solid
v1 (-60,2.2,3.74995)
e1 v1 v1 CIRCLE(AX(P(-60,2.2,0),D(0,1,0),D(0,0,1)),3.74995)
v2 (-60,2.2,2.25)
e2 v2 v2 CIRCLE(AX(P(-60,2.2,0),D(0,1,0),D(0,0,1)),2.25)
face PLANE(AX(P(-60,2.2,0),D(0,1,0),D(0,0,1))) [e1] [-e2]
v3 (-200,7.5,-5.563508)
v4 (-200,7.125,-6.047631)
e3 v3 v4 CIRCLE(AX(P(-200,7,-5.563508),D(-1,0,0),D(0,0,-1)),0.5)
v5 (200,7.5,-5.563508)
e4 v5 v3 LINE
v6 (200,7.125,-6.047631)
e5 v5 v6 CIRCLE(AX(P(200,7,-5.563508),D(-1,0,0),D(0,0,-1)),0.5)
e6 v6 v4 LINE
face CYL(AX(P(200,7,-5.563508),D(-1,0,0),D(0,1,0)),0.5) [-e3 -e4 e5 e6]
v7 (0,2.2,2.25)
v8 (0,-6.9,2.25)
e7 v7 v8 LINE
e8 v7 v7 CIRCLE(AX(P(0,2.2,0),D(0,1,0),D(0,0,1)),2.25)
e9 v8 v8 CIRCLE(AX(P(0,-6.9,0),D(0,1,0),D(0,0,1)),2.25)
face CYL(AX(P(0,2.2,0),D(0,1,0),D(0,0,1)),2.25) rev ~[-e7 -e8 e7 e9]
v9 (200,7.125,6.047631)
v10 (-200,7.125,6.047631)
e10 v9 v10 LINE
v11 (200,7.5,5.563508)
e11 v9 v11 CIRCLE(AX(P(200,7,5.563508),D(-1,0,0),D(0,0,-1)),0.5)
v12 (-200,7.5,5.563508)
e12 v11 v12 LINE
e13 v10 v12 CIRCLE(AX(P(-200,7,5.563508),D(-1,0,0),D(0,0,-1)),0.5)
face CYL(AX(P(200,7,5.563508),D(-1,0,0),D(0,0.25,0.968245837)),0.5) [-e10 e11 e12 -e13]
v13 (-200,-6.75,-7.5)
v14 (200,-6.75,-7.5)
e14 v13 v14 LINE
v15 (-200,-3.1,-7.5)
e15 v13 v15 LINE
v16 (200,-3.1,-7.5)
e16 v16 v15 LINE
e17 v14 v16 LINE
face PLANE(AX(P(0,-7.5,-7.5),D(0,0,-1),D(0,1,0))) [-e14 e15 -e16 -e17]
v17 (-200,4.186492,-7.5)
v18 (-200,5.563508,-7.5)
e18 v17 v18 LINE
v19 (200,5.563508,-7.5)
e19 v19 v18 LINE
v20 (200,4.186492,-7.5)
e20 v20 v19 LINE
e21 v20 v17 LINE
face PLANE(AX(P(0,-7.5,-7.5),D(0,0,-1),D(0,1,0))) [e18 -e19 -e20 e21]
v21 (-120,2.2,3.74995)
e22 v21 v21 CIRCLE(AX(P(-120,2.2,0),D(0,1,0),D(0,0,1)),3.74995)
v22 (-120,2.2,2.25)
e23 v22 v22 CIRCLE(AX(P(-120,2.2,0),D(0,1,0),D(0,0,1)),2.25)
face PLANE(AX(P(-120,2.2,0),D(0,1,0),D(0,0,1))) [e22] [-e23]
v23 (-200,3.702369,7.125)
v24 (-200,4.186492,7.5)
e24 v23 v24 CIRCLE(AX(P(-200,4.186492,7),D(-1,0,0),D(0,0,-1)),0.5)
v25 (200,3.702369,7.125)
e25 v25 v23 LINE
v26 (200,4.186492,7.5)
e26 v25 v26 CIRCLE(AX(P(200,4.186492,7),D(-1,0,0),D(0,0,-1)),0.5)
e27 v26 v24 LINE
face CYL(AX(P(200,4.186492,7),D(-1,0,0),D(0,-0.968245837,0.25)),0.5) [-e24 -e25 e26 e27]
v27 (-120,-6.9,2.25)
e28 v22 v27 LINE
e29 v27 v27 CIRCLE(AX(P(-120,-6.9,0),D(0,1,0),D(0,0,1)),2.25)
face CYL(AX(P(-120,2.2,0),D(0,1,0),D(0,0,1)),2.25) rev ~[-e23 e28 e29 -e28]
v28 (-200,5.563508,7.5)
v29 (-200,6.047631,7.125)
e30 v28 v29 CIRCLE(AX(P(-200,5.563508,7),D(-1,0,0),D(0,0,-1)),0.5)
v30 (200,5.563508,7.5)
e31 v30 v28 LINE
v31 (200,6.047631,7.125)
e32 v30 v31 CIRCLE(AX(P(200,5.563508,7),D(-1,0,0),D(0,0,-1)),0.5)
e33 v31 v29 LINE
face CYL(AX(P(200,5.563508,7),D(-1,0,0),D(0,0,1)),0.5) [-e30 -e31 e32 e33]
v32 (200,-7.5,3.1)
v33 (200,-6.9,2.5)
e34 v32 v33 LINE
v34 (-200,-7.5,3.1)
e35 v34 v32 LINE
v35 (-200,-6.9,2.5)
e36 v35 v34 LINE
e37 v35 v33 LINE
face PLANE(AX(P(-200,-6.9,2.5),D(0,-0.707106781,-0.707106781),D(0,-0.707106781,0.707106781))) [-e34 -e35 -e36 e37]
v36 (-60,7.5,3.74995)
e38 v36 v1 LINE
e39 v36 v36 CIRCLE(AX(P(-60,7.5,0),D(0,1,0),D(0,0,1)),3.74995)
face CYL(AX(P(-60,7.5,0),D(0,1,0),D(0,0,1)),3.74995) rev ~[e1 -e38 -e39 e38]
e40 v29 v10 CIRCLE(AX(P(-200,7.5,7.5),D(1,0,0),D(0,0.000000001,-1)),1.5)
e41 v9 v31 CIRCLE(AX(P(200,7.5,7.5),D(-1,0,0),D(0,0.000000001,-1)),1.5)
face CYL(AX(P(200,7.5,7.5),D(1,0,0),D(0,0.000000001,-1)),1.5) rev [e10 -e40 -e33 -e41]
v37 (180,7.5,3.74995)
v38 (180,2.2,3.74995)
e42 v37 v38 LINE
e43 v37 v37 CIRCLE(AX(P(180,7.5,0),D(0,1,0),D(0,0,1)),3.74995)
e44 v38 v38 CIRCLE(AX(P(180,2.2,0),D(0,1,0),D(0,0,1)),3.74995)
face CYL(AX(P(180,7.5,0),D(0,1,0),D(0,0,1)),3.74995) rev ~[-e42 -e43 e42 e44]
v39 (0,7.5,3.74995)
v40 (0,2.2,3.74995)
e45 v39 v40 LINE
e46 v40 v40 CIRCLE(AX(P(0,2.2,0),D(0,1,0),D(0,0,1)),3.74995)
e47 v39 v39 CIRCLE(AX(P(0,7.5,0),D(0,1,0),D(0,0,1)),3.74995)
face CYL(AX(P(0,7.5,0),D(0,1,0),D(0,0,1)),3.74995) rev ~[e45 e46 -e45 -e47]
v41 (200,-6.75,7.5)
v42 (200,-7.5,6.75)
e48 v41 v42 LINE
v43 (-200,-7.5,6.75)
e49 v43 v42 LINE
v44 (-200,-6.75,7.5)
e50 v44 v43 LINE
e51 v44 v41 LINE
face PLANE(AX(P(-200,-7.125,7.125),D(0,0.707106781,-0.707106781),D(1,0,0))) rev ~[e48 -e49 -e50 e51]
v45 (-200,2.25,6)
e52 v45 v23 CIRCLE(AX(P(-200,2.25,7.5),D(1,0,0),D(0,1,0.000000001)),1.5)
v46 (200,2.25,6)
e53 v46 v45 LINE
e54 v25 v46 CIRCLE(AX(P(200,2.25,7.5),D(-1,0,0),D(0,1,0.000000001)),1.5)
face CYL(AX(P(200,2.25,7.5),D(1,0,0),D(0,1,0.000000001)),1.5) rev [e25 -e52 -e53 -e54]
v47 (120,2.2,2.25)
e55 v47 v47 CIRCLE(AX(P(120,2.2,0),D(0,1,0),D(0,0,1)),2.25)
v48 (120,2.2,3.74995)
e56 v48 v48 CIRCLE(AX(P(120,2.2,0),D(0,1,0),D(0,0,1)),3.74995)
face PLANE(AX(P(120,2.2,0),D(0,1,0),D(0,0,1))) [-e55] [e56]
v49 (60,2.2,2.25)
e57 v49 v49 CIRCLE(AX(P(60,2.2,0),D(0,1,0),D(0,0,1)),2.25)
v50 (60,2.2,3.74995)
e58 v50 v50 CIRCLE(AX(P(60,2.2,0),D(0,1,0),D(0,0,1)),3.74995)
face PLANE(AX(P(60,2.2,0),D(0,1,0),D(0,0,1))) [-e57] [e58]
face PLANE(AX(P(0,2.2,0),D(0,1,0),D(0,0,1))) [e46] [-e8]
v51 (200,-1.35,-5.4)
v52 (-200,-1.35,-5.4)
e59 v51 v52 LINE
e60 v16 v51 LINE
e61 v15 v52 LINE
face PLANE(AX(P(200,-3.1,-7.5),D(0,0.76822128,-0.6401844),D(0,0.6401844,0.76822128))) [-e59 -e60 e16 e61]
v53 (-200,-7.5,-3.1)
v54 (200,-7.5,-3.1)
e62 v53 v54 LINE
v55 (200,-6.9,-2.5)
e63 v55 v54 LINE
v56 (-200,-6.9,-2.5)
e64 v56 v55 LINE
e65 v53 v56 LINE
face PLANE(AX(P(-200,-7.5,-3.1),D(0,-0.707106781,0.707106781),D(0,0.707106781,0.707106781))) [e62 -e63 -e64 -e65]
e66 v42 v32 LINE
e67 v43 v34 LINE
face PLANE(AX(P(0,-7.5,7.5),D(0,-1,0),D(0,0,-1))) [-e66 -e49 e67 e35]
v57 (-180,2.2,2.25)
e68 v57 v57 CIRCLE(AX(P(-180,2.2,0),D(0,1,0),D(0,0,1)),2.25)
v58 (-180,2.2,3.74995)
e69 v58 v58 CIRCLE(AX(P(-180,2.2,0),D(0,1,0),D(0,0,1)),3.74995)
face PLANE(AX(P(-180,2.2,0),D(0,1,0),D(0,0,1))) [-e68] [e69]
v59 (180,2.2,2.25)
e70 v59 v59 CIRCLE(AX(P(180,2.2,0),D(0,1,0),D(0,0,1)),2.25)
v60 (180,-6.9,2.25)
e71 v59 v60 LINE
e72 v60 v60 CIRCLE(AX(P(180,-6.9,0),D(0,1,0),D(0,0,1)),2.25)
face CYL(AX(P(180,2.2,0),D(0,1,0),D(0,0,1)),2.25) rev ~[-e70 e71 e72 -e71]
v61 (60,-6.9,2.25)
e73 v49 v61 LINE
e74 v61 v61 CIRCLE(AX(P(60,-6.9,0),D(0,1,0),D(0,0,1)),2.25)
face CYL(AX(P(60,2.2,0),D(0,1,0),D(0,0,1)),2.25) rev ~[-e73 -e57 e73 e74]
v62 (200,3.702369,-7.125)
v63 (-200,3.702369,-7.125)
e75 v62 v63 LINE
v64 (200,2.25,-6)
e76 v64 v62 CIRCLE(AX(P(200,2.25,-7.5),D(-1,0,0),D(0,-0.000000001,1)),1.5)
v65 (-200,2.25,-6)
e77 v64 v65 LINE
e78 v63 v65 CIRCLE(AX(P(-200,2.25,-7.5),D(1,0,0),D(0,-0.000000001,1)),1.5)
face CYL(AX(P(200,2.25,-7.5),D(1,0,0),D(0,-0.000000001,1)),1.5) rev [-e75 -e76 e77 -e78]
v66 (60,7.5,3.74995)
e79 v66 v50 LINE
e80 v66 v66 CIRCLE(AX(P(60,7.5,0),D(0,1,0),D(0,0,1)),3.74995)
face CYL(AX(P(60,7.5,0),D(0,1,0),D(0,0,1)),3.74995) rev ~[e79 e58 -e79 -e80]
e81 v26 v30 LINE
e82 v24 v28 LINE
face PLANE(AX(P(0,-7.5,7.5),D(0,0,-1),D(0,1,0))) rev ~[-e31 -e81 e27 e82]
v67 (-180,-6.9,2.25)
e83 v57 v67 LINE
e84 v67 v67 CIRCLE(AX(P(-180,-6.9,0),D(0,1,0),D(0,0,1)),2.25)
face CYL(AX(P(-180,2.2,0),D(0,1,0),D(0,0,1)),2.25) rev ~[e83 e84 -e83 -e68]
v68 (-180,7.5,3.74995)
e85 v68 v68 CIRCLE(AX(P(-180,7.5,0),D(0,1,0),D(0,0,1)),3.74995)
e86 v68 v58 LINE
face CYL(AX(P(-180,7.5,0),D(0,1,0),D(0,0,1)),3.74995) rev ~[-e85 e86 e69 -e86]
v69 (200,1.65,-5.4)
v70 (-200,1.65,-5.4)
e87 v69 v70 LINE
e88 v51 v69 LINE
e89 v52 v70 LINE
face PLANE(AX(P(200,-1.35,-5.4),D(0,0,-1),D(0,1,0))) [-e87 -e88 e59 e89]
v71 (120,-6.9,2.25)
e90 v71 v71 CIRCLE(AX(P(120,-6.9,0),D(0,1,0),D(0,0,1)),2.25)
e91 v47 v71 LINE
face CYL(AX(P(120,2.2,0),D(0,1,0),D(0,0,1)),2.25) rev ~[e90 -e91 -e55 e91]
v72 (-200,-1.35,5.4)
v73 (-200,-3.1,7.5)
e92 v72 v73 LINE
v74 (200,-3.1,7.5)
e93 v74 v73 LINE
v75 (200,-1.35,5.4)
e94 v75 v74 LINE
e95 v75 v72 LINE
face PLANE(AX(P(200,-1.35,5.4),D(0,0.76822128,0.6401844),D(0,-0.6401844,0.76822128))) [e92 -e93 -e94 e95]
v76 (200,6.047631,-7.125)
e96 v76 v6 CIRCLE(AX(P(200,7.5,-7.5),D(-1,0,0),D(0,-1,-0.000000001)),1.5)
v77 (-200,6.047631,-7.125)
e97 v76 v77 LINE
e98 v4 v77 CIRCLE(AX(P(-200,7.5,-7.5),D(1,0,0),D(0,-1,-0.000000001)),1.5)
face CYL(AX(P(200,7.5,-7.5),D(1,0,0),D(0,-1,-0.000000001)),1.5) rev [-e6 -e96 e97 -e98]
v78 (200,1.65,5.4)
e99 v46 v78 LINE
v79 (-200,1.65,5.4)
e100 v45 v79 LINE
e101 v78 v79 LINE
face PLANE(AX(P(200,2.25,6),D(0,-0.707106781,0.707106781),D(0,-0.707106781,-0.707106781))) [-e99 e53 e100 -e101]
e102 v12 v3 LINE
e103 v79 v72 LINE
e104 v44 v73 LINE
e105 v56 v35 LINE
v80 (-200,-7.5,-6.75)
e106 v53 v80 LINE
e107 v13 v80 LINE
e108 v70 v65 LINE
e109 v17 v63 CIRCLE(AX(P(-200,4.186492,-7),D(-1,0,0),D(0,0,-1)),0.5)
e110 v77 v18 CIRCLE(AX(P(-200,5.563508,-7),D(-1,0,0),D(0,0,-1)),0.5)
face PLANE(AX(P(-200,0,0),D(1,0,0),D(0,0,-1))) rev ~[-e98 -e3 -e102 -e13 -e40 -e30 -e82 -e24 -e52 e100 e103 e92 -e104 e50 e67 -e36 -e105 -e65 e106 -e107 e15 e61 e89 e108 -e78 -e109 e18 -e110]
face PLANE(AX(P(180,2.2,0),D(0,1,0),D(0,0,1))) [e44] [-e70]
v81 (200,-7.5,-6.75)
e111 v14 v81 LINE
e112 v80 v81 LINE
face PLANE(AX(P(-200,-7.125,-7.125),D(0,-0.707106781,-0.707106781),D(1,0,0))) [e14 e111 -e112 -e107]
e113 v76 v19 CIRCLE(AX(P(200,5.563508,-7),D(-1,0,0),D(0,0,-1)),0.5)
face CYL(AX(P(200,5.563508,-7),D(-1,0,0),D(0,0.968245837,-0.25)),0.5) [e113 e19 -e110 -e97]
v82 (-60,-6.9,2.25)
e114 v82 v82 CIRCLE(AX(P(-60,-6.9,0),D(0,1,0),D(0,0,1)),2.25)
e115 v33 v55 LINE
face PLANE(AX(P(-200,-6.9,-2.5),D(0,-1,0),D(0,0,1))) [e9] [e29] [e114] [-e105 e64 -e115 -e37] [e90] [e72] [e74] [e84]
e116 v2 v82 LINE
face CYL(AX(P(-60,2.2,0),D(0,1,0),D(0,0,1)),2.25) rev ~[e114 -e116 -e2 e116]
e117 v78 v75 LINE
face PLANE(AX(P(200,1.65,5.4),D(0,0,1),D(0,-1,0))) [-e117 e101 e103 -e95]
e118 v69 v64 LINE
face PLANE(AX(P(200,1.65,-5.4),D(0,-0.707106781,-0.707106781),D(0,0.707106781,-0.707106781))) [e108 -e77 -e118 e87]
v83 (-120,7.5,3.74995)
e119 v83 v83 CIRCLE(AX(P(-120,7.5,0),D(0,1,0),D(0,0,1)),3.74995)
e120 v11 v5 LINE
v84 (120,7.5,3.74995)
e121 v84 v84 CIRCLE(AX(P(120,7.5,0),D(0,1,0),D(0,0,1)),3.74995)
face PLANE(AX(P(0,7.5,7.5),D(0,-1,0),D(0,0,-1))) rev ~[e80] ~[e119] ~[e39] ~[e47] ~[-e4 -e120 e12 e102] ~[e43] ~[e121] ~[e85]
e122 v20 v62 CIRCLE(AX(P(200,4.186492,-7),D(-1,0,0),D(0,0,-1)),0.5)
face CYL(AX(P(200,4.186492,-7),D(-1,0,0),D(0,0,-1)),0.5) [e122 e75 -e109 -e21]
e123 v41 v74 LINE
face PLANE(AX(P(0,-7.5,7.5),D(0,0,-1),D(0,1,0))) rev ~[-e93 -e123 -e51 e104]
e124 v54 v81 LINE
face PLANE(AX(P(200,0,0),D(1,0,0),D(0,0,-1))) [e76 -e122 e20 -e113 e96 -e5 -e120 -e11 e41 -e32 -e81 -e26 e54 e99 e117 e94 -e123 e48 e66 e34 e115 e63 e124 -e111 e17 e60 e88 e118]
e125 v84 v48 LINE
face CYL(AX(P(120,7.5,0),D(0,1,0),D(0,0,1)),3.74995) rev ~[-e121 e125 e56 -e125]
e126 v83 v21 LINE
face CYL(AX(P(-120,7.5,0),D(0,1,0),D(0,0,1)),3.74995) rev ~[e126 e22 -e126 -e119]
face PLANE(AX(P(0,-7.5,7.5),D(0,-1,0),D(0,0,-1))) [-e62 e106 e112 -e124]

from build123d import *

# Parameters (mm, degrees)
SKETCH_1_W             = 15
SKETCH_1_H             = 15
EXTRUDE_1_DEPTH        = 200
CHAMFER_1_SIZE         = 0.75
SKETCH_3_R             = 3.74995
CUT_EXTRUDE_2_DEPTH    = 5.3
SKETCH_4_R             = 2.25
CUT_EXTRUDE_3_DEPTH    = 201.375497504
PATTERN_LINEAR_1_COUNT = 7
PATTERN_LINEAR_1_PITCH = 60
CUT_EXTRUDE_4_DEPTH    = 401.140600289
CUT_EXTRUDE_5_DEPTH    = 401.140600289
FILLET_1_R             = 0.5
CUT_EXTRUDE_6_DEPTH    = 401.140600289


with BuildPart() as part:
    # 草图1 → 凸台-拉伸1 (new, symmetric)
    with BuildSketch(Plane(origin=(0, 0, 0), x_dir=(0, 0, -1), z_dir=(1, 0, 0))):
        Rectangle(SKETCH_1_W, SKETCH_1_H)
    extrude(amount=EXTRUDE_1_DEPTH, both=True)

    # 倒角1
    chamfer_1_edges = [part.edges().sort_by_distance(p)[0] for p in [
        (0, -7.5, -7.5),
        (0, -7.5, 7.5),
    ]]
    chamfer(chamfer_1_edges, length=CHAMFER_1_SIZE)

    # 草图3 → 切除-拉伸2 (cut)
    with BuildSketch(Plane(origin=(0, 7.5, 0), x_dir=(1, 0, 0), z_dir=(0, 1, 0))):
        with Locations(Location((-180, 0, 0), (0, 0, 270))):
            Circle(SKETCH_3_R)
    cut_extrude_2 = extrude(amount=-CUT_EXTRUDE_2_DEPTH, mode=Mode.SUBTRACT)

    # 草图4 → 切除-拉伸3 (cut, through all)
    with BuildSketch(Plane(origin=(0, 2.2, 0), x_dir=(1, 0, 0), z_dir=(0, 1, 0))):
        with Locations(Location((-180, 0, 0), (0, 0, 270))):
            Circle(SKETCH_4_R)
    cut_extrude_3 = extrude(amount=-CUT_EXTRUDE_3_DEPTH, mode=Mode.SUBTRACT)

    # 阵列(线性)1: 切除-拉伸2, 切除-拉伸3 ×7
    with Locations(*[(i * PATTERN_LINEAR_1_PITCH, 0, 0) for i in range(1, PATTERN_LINEAR_1_COUNT)]):
        add(cut_extrude_2, mode=Mode.SUBTRACT)
        add(cut_extrude_3, mode=Mode.SUBTRACT)

    # 草图2 → 切除-拉伸4 (cut, through all)
    with BuildSketch(Plane(origin=(200, 0, 0), x_dir=(0, 0, -1), z_dir=(1, 0, 0))):
        with BuildLine():
            Line((-7.5, 7.5), (-6, 7.5))
            ThreePointArc((-6, 7.5), (-6.439339828, 6.439339828), (-7.5, 6))
            Line((-7.5, 6), (-7.5, 7.5))
        make_face()
        with BuildLine():
            Line((7.5, 7.5), (7.5, 6))
            ThreePointArc((7.5, 6), (6.439339828, 6.439339828), (6, 7.5))
            Line((6, 7.5), (7.5, 7.5))
        make_face()
    extrude(amount=-CUT_EXTRUDE_4_DEPTH, mode=Mode.SUBTRACT)

    # 草图5 → 切除-拉伸5 (cut, through all)
    with BuildSketch(Plane(origin=(200, 0, 0), x_dir=(0, 0, -1), z_dir=(1, 0, 0))):
        with BuildLine():
            Line((-6, 2.25), (-5.4, 1.65))
            Line((-5.4, 1.65), (-5.4, -1.35))
            Line((-5.4, -1.35), (-7.5, -3.1))
            Line((-7.5, -3.1), (-7.5, 3.75))
            ThreePointArc((-7.5, 3.75), (-6.439339828, 3.310660172), (-6, 2.25))
        make_face()
        with BuildLine():
            Line((7.5, 3.75), (7.5, -3.1))
            Line((7.5, -3.1), (5.4, -1.35))
            Line((5.4, -1.35), (5.4, 1.65))
            Line((5.4, 1.65), (6, 2.25))
            ThreePointArc((6, 2.25), (6.439339828, 3.310660172), (7.5, 3.75))
        make_face()
    extrude(amount=-CUT_EXTRUDE_5_DEPTH, mode=Mode.SUBTRACT)

    # 圆角1
    fillet_1_edges = [part.edges().sort_by_distance(p)[0] for p in [
        (0, 3.75, -7.5),
        (0, 6, 7.5),
        (0, 7.5, 6),
        (0, 7.5, -6),
        (0, 6, -7.5),
        (0, 3.75, 7.5),
    ]]
    fillet(fillet_1_edges, radius=FILLET_1_R)

    # 草图6 → 切除-拉伸6 (cut, through all)
    with BuildSketch(Plane.ZY.offset(200)):
        Polygon((-3.1, -7.5), (-2.5, -6.9), (2.5, -6.9), (3.1, -7.5), align=None)
    extrude(amount=-CUT_EXTRUDE_6_DEPTH, mode=Mode.SUBTRACT)


solid = part.part
